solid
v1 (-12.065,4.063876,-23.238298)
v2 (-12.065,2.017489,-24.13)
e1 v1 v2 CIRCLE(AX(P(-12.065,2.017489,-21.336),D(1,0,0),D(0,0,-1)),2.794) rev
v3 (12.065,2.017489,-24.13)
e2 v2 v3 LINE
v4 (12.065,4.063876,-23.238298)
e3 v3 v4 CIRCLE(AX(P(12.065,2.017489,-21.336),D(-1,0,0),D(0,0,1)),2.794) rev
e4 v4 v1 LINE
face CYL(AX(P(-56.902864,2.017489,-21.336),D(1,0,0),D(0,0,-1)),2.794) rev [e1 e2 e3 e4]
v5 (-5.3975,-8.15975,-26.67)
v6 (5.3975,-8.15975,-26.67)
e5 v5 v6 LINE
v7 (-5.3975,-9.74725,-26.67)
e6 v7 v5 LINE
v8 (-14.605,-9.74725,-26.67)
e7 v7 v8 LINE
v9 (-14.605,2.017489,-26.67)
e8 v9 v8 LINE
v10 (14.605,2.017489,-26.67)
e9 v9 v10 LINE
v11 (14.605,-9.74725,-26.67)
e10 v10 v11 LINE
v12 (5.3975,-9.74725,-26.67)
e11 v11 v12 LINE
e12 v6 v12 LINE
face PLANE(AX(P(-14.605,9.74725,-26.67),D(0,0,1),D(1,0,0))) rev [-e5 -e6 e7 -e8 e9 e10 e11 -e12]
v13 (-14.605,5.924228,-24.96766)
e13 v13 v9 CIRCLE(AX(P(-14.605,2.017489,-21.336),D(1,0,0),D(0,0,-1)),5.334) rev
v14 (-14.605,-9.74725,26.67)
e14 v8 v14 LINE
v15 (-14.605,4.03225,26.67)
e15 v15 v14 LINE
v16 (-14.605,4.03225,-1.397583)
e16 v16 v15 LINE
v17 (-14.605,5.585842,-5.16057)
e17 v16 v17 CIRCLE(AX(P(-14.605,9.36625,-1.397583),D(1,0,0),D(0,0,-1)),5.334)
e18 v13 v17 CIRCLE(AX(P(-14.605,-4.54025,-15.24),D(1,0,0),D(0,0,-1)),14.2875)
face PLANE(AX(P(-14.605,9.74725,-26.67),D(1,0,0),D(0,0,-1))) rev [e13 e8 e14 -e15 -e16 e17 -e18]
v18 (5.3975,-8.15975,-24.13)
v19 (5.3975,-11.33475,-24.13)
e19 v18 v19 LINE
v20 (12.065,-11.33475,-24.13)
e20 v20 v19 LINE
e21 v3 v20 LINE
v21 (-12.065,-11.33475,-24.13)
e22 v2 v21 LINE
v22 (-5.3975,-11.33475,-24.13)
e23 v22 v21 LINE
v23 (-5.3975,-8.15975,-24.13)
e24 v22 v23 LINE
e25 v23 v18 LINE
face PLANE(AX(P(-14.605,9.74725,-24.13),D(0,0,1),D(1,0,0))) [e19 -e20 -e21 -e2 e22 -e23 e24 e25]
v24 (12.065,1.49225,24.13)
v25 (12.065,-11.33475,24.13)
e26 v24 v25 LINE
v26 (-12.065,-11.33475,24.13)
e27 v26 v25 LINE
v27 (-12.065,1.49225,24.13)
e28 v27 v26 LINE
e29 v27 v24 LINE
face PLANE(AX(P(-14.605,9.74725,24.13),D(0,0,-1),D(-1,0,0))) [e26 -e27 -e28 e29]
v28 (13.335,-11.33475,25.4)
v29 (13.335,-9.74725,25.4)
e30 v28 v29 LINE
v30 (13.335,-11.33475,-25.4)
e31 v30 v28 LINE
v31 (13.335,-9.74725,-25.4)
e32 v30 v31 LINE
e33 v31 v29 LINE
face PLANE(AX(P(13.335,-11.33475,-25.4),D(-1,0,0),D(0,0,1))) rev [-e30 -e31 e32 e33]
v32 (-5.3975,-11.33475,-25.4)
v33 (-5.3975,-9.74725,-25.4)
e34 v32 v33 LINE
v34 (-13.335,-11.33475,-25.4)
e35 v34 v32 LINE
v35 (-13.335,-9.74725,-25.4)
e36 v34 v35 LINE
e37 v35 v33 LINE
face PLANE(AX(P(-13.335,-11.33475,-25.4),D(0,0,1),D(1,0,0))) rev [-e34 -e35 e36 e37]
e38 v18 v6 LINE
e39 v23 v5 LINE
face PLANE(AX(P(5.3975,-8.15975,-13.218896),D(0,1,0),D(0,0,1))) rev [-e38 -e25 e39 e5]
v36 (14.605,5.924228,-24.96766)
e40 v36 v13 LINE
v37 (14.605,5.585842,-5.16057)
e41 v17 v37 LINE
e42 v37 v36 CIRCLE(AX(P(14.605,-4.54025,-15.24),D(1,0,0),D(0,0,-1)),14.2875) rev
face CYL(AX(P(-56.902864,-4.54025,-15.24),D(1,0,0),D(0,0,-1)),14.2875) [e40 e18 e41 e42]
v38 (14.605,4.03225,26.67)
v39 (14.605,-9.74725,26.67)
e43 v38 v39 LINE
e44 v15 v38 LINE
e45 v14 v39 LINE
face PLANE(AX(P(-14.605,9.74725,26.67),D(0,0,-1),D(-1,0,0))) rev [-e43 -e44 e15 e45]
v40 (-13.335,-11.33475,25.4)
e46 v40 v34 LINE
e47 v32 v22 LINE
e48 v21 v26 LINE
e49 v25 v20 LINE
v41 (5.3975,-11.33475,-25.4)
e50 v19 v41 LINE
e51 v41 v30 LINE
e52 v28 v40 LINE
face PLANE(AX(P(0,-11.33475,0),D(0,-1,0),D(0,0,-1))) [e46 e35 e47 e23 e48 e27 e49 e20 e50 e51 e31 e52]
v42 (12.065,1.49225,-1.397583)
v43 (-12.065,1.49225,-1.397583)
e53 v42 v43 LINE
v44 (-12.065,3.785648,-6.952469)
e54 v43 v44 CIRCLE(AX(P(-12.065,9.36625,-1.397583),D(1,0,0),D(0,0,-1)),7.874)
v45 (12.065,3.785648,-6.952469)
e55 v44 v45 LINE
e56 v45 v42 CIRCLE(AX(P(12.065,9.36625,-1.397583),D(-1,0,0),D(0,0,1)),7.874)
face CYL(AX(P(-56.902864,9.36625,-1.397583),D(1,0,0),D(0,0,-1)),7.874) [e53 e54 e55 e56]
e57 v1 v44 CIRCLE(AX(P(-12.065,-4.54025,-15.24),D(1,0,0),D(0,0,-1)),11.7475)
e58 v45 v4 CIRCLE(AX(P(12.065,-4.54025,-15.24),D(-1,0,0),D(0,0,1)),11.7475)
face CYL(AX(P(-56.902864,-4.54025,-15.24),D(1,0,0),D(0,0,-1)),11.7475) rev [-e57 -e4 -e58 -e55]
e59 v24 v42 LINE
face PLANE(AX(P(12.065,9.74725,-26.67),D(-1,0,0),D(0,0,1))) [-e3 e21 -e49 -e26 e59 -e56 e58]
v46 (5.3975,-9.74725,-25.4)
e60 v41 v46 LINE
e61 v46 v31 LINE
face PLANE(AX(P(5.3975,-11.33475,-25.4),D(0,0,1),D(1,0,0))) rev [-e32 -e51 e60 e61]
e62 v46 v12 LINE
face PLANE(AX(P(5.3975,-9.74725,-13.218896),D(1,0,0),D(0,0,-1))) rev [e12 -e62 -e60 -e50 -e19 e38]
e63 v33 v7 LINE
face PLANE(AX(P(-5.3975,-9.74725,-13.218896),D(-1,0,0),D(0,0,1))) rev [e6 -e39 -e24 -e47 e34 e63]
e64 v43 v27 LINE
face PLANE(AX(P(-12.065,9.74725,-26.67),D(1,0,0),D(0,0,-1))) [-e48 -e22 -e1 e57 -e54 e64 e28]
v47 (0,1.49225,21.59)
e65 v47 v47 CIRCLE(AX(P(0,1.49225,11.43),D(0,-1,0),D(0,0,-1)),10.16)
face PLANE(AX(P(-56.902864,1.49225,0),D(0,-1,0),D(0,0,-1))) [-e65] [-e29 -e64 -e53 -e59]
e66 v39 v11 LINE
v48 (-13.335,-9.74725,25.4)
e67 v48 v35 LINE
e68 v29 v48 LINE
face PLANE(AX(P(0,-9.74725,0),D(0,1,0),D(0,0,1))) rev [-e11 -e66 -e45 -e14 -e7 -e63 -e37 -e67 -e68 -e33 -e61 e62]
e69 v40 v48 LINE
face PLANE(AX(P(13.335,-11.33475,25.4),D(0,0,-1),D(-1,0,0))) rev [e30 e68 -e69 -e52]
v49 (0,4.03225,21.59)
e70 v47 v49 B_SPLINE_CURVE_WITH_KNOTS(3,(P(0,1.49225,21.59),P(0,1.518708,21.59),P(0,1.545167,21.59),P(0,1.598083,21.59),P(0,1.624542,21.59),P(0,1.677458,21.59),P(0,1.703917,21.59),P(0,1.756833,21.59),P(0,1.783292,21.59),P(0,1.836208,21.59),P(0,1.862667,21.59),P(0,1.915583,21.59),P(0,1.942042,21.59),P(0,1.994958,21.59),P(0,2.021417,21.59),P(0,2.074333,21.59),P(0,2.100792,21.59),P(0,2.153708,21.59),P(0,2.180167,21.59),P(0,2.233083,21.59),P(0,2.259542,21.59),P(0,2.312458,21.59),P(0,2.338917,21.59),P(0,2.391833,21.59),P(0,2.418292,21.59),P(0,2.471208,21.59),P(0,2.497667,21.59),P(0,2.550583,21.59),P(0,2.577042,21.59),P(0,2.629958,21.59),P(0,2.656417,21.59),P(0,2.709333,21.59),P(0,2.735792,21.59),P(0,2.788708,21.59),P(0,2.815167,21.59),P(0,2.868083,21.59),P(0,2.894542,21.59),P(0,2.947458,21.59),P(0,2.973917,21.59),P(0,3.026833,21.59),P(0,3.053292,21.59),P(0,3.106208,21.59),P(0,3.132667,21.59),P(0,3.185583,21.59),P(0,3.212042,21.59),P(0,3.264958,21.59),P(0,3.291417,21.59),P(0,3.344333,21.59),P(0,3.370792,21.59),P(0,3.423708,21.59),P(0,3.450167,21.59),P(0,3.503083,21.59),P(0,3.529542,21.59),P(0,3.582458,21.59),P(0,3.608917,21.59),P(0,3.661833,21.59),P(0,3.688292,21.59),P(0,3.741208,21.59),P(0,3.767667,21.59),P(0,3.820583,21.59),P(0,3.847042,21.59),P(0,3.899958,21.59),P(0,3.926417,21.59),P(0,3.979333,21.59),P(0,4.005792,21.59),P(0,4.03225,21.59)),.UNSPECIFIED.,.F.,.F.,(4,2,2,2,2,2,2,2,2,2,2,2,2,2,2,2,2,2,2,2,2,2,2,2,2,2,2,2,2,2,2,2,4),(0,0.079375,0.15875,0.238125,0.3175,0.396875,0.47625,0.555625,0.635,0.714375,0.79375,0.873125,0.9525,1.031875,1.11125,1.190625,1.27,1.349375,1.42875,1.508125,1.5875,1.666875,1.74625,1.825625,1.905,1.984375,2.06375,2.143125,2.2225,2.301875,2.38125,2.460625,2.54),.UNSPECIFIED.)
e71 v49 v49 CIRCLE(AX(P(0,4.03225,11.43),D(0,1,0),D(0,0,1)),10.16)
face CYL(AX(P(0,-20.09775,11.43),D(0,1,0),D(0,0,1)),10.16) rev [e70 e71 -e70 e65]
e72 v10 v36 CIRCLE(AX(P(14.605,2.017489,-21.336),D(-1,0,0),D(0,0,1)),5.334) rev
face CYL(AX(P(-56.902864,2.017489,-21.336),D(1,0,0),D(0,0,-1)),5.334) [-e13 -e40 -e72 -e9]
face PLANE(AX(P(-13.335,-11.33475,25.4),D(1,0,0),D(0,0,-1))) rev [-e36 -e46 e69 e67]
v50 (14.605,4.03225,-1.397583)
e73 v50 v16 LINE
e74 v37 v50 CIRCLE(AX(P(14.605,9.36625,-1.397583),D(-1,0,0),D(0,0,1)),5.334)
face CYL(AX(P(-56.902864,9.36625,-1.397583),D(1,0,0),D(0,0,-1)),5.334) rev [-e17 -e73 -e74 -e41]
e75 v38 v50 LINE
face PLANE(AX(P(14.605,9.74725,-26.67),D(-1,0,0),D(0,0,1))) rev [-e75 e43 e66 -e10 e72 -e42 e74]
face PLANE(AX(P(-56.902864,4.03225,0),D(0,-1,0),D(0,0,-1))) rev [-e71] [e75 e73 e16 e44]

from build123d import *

# Parameters (mm, degrees)
SKETCH1_W           = 29.21
SKETCH1_H           = 53.34
BOSS_EXTRUDE1_DEPTH = 9.74725
CUT_EXTRUDE1_DEPTH  = 29.21
FILLET1_R           = 5.334
FILLET2_R           = 5.334
SHELL1_T            = -2.54
SKETCH3_R           = 10.16
CUT_EXTRUDE2_DEPTH  = 24.13
SKETCH5_W           = 10.795
SKETCH5_H           = 1.5875
CUT_EXTRUDE3_DEPTH  = 2.54
BOSS_EXTRUDE2_DEPTH = 1.5875


with BuildPart() as part:
    # Sketch1 → Boss-Extrude1 (new, symmetric)
    with BuildSketch(Plane(origin=(0, 0, 0), x_dir=(1, 0, 0), z_dir=(0, 1, 0))):
        Rectangle(SKETCH1_W, SKETCH1_H)
    extrude(amount=BOSS_EXTRUDE1_DEPTH, both=True)

    # Sketch2 → Cut-Extrude1 (cut)
    with BuildSketch(Plane(origin=(14.605, 0, 0), x_dir=(0, 0, -1), z_dir=(1, 0, 0))):
        with BuildLine():
            Line((-26.67, 9.74725), (-26.67, 4.03225))
            Line((-26.67, 4.03225), (3.81, 4.03225))
            ThreePointArc((3.81, 4.03225), (8.850435754, 8.238878491), (15.24, 9.74725))
            Line((15.24, 9.74725), (-26.67, 9.74725))
        make_face()
        with BuildLine():
            Line((26.67, 9.74725), (15.24, 9.74725))
            ThreePointArc((15.24, 9.74725), (21.629564246, 8.238878491), (26.67, 4.03225))
            Line((26.67, 4.03225), (26.67, 9.74725))
        make_face()
    extrude(amount=-CUT_EXTRUDE1_DEPTH, mode=Mode.SUBTRACT)

    # Fillet1
    fillet1_edges = [part.edges().sort_by_distance(p)[0] for p in [
        (0, 4.03225, -3.81),
    ]]
    fillet(fillet1_edges, radius=FILLET1_R)

    # Fillet2
    fillet2_edges = [part.edges().sort_by_distance(p)[0] for p in [
        (0, 4.03225, -26.67),
    ]]
    fillet(fillet2_edges, radius=FILLET2_R)

    # Shell1
    shell1_openings = [part.faces().sort_by_distance(p)[0] for p in [
        (0, -9.74725, 0),
    ]]
    offset(amount=SHELL1_T, openings=shell1_openings, kind=Kind.INTERSECTION)

    # Sketch3 → Cut-Extrude2 (cut)
    with BuildSketch(Plane(origin=(0, 4.03225, 0), x_dir=(1, 0, 0), z_dir=(0, 1, 0))):
        with Locations(Location((0, -11.43, 0), (0, 0, 270))):
            Circle(SKETCH3_R)
    extrude(amount=-CUT_EXTRUDE2_DEPTH, mode=Mode.SUBTRACT)

    # Sketch5 → Cut-Extrude3 (cut)
    with BuildSketch(Plane(origin=(0, 0, -26.67), x_dir=(-1, 0, 0), z_dir=(0, 0, -1))):
        with Locations((0, -8.9535)):
            Rectangle(SKETCH5_W, SKETCH5_H)
    extrude(amount=-CUT_EXTRUDE3_DEPTH, mode=Mode.SUBTRACT)

    # Sketch4 → Boss-Extrude2 (add)
    with BuildSketch(Plane.XZ.offset(9.74725)):
        Polygon((-5.3975, -24.13), (-12.065, -24.13), (-12.065, 24.13), (12.065, 24.13), (12.065, -24.13), (5.3975, -24.13), (5.3975, -25.4), (13.335, -25.4), (13.335, 25.4), (-13.335, 25.4), (-13.335, -25.4), (-5.3975, -25.4), align=None)
    extrude(amount=BOSS_EXTRUDE2_DEPTH)


solid = part.part
